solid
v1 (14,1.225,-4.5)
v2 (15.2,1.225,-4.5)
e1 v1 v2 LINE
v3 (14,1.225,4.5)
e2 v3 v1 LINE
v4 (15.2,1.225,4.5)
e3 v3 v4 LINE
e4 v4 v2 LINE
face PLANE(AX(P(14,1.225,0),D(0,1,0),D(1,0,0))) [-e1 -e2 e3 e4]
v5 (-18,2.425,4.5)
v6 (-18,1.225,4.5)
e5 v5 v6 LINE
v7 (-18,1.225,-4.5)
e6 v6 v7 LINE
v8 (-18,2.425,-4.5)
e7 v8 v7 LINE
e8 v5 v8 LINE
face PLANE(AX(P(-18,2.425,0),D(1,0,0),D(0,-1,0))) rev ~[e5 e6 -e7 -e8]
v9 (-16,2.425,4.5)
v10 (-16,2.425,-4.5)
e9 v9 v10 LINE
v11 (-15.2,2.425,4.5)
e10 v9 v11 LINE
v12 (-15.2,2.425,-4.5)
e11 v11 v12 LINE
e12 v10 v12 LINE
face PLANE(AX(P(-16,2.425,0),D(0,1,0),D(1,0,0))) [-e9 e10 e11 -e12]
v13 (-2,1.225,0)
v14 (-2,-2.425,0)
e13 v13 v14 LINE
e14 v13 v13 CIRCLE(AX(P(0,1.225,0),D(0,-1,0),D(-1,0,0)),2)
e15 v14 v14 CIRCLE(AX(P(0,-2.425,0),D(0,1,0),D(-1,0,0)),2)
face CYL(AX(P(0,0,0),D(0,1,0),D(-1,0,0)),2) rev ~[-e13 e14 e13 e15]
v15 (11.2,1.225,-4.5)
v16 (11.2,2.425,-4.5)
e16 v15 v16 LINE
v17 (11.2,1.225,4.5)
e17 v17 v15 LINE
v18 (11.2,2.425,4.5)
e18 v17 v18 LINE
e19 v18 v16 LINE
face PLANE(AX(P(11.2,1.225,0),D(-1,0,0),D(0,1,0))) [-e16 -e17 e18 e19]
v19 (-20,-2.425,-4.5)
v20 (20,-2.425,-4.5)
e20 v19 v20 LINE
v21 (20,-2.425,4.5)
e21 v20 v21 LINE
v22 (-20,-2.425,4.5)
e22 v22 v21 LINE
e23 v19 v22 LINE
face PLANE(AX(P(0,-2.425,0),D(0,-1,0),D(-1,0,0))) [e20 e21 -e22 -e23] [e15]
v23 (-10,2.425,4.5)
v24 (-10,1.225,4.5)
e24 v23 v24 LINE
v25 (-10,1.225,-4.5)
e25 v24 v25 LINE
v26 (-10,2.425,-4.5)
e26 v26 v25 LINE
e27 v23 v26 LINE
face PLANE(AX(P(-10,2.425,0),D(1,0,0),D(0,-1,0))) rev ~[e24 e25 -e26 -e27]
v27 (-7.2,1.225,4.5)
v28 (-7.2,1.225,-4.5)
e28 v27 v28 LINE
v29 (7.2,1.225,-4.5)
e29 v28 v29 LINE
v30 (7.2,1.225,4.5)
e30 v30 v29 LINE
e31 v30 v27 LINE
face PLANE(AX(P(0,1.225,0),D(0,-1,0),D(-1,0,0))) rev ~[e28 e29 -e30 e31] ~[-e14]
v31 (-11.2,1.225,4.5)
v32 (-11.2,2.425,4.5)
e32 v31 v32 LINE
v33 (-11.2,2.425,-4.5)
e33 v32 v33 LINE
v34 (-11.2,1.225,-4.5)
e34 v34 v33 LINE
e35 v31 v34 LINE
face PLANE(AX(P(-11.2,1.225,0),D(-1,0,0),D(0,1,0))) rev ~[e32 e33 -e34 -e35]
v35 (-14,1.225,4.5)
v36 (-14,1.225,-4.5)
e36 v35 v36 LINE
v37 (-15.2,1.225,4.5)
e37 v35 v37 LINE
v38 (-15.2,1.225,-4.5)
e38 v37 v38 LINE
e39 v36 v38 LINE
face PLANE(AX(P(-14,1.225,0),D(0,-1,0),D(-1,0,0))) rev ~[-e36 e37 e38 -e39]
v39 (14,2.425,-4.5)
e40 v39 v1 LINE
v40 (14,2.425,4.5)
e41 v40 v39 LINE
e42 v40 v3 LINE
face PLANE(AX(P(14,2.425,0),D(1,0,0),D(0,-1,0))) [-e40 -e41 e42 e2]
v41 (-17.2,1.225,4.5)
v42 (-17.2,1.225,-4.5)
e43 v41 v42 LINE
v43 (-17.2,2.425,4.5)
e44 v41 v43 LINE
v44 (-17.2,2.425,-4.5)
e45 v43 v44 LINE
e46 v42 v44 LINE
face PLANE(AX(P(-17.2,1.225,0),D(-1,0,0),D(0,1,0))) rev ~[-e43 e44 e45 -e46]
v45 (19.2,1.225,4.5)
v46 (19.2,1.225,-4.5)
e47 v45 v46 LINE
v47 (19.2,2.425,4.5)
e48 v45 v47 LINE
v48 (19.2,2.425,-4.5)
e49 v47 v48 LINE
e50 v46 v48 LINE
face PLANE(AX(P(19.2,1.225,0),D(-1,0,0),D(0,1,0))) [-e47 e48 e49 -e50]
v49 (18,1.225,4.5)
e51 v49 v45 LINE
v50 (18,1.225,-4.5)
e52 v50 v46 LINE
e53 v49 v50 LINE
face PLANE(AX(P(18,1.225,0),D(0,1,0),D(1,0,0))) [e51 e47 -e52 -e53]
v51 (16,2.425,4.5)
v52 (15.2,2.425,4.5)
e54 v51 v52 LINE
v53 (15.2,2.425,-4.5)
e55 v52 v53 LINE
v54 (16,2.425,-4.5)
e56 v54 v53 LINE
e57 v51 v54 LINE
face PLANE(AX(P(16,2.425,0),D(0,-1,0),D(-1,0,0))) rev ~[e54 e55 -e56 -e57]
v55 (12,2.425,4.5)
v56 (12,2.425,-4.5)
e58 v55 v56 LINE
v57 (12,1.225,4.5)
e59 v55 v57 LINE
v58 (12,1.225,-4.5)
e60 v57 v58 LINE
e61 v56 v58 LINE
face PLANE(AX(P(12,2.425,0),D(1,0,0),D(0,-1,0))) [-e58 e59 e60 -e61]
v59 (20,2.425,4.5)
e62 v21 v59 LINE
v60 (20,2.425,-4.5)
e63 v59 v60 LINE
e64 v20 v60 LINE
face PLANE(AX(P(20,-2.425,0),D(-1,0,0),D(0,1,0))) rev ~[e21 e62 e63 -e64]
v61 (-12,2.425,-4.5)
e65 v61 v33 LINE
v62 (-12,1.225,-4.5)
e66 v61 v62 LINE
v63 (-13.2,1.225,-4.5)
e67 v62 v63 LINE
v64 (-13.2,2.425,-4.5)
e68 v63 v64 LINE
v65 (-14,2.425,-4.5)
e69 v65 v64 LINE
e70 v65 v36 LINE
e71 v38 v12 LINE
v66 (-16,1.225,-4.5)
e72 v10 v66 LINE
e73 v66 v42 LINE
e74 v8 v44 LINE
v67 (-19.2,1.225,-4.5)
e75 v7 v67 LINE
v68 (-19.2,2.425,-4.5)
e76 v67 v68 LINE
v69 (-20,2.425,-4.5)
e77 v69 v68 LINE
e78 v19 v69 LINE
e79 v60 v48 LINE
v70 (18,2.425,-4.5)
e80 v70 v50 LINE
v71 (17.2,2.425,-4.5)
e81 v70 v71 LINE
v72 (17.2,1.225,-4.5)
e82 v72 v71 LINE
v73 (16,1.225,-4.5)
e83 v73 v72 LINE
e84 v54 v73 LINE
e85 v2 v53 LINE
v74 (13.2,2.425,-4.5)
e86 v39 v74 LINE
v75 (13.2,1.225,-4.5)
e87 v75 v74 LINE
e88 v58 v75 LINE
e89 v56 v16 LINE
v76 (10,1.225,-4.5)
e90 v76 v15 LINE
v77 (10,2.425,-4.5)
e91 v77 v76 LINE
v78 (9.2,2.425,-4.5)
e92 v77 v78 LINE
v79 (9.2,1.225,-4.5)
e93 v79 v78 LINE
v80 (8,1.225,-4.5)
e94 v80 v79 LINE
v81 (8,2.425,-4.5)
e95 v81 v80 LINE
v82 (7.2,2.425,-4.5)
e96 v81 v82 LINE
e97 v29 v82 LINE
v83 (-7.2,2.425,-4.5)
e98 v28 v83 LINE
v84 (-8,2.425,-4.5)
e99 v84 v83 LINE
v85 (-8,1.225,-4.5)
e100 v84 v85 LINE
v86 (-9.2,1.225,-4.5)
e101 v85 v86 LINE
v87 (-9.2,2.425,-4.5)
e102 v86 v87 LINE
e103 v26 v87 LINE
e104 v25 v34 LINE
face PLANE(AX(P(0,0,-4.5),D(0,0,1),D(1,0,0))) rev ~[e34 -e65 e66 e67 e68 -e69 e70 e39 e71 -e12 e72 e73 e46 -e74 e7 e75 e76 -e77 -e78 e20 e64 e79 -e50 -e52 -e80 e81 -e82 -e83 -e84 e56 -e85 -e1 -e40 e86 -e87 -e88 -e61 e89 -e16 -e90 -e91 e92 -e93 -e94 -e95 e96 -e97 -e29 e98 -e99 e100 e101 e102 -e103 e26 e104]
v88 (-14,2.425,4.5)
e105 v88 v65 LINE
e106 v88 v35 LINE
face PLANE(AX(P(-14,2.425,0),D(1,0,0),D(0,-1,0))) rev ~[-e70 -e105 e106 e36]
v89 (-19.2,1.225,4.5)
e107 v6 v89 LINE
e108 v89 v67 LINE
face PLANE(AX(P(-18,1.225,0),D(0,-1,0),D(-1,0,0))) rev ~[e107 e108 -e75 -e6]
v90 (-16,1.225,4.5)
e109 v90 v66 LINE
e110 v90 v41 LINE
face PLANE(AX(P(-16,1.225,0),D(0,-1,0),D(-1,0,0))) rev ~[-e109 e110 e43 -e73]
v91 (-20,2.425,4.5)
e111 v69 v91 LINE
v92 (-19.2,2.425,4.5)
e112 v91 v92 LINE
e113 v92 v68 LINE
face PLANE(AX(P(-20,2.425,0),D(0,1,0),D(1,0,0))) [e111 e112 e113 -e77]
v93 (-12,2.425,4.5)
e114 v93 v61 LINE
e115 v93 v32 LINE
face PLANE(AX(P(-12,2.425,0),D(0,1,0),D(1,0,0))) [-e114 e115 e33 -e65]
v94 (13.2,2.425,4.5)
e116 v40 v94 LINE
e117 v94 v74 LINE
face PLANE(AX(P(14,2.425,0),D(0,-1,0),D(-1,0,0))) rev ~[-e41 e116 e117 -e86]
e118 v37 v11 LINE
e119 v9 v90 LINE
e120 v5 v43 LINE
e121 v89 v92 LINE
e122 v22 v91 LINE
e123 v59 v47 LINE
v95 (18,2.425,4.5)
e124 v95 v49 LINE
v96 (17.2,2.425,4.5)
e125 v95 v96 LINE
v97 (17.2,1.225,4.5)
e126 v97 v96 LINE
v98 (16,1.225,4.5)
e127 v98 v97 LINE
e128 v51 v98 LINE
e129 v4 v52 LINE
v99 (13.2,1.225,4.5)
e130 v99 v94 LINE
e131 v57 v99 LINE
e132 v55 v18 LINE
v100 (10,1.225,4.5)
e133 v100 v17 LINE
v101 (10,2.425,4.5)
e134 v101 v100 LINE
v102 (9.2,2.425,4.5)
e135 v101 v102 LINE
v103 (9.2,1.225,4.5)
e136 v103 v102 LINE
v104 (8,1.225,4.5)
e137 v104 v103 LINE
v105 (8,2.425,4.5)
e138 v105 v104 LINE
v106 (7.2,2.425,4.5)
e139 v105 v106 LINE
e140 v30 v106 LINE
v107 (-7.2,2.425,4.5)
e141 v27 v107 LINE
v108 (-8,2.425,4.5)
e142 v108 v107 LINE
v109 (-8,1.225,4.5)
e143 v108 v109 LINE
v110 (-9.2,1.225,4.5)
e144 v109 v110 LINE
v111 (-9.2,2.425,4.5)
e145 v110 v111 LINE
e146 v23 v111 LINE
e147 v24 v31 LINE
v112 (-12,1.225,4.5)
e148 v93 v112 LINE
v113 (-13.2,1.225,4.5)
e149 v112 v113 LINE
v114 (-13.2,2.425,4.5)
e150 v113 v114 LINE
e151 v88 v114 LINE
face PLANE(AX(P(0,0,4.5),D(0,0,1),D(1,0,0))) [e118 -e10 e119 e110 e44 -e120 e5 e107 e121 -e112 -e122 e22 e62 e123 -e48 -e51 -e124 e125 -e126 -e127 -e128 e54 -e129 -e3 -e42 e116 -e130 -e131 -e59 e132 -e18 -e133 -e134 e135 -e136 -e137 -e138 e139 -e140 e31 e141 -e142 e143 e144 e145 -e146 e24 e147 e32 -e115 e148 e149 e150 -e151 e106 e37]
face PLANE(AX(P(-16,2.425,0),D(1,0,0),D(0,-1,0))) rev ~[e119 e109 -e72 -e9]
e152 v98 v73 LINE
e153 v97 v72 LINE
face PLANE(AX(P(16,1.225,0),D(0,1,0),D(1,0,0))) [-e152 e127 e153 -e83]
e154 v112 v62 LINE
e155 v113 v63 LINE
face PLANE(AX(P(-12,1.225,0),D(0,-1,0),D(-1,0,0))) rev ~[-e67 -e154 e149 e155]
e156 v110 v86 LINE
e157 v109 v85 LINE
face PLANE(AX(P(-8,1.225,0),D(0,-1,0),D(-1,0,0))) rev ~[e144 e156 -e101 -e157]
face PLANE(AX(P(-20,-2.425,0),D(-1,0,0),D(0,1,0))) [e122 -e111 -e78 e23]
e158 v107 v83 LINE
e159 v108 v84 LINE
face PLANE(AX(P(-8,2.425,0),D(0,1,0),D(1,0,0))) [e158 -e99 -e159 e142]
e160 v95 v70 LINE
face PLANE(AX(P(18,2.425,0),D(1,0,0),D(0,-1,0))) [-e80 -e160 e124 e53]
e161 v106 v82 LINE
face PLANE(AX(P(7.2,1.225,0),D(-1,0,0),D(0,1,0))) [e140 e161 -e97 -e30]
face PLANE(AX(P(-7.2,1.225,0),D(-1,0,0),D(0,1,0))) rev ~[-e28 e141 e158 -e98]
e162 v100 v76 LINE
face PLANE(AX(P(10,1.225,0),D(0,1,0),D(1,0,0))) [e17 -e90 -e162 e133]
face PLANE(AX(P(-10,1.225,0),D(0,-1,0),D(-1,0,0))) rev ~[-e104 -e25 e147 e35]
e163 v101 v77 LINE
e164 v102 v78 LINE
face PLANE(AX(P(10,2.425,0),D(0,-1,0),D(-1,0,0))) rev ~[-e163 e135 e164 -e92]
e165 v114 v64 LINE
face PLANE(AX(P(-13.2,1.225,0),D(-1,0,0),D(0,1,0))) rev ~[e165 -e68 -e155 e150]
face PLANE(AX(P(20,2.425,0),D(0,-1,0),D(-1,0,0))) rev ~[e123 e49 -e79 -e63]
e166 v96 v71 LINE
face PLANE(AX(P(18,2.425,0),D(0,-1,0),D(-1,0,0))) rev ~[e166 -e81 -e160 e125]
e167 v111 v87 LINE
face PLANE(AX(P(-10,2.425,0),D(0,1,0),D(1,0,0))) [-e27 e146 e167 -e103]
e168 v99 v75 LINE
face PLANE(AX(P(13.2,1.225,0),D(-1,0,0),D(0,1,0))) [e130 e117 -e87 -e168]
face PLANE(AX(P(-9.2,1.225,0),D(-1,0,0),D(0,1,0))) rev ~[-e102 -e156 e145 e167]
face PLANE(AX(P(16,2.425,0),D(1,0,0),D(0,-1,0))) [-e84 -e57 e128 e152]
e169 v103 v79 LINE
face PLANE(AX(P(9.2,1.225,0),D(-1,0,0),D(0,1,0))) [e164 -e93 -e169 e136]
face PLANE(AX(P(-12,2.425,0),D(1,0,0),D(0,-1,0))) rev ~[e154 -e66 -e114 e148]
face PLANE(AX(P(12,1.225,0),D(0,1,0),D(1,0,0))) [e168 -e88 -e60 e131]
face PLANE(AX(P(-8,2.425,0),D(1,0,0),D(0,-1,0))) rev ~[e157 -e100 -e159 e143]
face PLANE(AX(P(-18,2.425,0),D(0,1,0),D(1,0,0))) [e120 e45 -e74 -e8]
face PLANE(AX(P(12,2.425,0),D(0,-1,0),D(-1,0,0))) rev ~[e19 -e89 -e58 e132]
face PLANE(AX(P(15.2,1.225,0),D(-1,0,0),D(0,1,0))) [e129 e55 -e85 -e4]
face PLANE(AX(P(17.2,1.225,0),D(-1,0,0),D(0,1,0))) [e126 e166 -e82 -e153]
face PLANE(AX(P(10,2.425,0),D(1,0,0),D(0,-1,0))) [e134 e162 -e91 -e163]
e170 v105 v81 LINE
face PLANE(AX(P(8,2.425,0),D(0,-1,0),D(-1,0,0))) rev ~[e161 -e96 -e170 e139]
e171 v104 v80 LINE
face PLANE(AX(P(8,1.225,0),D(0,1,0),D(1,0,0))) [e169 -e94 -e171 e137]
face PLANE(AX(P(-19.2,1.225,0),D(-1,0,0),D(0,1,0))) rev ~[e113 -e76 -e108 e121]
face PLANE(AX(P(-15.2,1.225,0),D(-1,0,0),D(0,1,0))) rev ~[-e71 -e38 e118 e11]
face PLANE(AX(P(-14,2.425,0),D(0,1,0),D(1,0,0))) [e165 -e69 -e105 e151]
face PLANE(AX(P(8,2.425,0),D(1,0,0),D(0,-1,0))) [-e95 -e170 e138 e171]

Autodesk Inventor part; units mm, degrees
ref_plane "YZ Plane" through (0, 0, 0) normal (1, 0, 0) x (0, 1, 0)
ref_plane "XZ Plane" through (0, 0, 0) normal (0, 1, 0) x (-1, 0, 0)
ref_plane "XY Plane" through (0, 0, 0) normal (0, 0, 1) x (1, 0, 0)
sketch "Sketch1" plane through (0, 0, 0) normal (0, 0, 1) x (1, 0, 0)
  line L0 (-20, 2.425) -> (-19.2, 2.425)
  line L1 (0, -2.425) -> (-20, -2.425)
  line L2 (-20, -2.425) -> (-20, 2.425)
  line L3 (-18, 2.425) -> (-18, 1.225)
  line L4 (-18, 1.225) -> (-19.2, 1.225)
  line L5 (-19.2, 1.225) -> (-19.2, 2.425)
  line L6 (-16, 2.425) -> (-16, 1.225)
  line L7 (-16, 1.225) -> (-17.2, 1.225)
  line L8 (-17.2, 1.225) -> (-17.2, 2.425)
  line L9 (-14, 2.425) -> (-14, 1.225)
  line L10 (-14, 1.225) -> (-15.2, 1.225)
  line L11 (-15.2, 1.225) -> (-15.2, 2.425)
  line L12 (-12, 2.425) -> (-12, 1.225)
  line L13 (-12, 1.225) -> (-13.2, 1.225)
  line L14 (-13.2, 1.225) -> (-13.2, 2.425)
  line L15 (-10, 2.425) -> (-10, 1.225)
  line L16 (-10, 1.225) -> (-11.2, 1.225)
  line L17 (-11.2, 1.225) -> (-11.2, 2.425)
  line L18 (-20, 1.225) -> (0, 1.225) construction
  line L19 (0, 0) -> (-20, 0) construction
  line L20 (-8, 2.425) -> (-8, 1.225)
  line L21 (-8, 1.225) -> (-9.2, 1.225)
  line L22 (-9.2, 1.225) -> (-9.2, 2.425)
  line L23 (0, 1.225) -> (-7.2, 1.225)
  line L24 (-7.2, 1.225) -> (-7.2, 2.425)
  line L25 (-18, 2.425) -> (-17.2, 2.425)
  line L26 (-16, 2.425) -> (-15.2, 2.425)
  line L27 (-14, 2.425) -> (-13.2, 2.425)
  line L28 (-12, 2.425) -> (-11.2, 2.425)
  line L29 (-10, 2.425) -> (-9.2, 2.425)
  line L30 (-8, 2.425) -> (-7.2, 2.425)
  line L31 (0, 1.225) -> (0, -2.425) construction
  line L32 (20, 2.425) -> (19.2, 2.425)
  line L33 (0, -2.425) -> (20, -2.425)
  line L34 (20, -2.425) -> (20, 2.425)
  line L35 (18, 2.425) -> (18, 1.225)
  line L36 (18, 1.225) -> (19.2, 1.225)
  line L37 (19.2, 1.225) -> (19.2, 2.425)
  line L38 (16, 2.425) -> (16, 1.225)
  line L39 (16, 1.225) -> (17.2, 1.225)
  line L40 (17.2, 1.225) -> (17.2, 2.425)
  line L41 (14, 2.425) -> (14, 1.225)
  line L42 (14, 1.225) -> (15.2, 1.225)
  line L43 (15.2, 1.225) -> (15.2, 2.425)
  line L44 (12, 2.425) -> (12, 1.225)
  line L45 (12, 1.225) -> (13.2, 1.225)
  line L46 (13.2, 1.225) -> (13.2, 2.425)
  line L47 (10, 2.425) -> (10, 1.225)
  line L48 (10, 1.225) -> (11.2, 1.225)
  line L49 (11.2, 1.225) -> (11.2, 2.425)
  line L50 (20, 1.225) -> (0, 1.225) construction
  line L51 (0, 0) -> (20, 0) construction
  line L52 (8, 2.425) -> (8, 1.225)
  line L53 (8, 1.225) -> (9.2, 1.225)
  line L54 (9.2, 1.225) -> (9.2, 2.425)
  line L55 (0, 1.225) -> (7.2, 1.225)
  line L56 (7.2, 1.225) -> (7.2, 2.425)
  line L57 (18, 2.425) -> (17.2, 2.425)
  line L58 (16, 2.425) -> (15.2, 2.425)
  line L59 (14, 2.425) -> (13.2, 2.425)
  line L60 (12, 2.425) -> (11.2, 2.425)
  line L61 (10, 2.425) -> (9.2, 2.425)
  line L62 (8, 2.425) -> (7.2, 2.425)
  dimension "d0" = 4.85
  dimension "d3" = 1.2
  dimension "d4" = 0.8
  dimension "d5" = 1.2
  dimension "d6" = 0.8
  dimension "d7" = 1.2
  dimension "d8" = 0.8
  dimension "d9" = 1.2
  dimension "d10" = 0.8
  dimension "d13" = 0.8
  dimension "d14" = 1.2
  dimension "d15" = 0.8
  dimension "d16" = 1.2
  dimension "d17" = 0.8
  dimension "d18" = 40
  dimension "d19" = 3.65
extrude "Extrusion1" add sketch "Sketch1" along normal mid plane 9
sketch "Sketch2" plane through (0, 0, 0) normal (0, 1, 0) x (-1, 0, 0)
  circle A0 centre (0, 0) radius 2.2937
  circle A1 centre (0, 0) radius 2
  dimension "d22" = 4
extrude "Extrusion2" cut sketch "Sketch2" along normal through all both and the other way through all contours A1
equation "\"d5\" = d3"
equation "\"d7\" = d3"
equation "\"d8\" = d4"
equation "\"d9\" = d3"
equation "\"d10\" = d4"
equation "\"d13\" = d4"
equation "\"d14\" = d3"
equation "\"d15\" = d4"
equation "\"d16\" = d3"
equation "\"d17\" = d4"
properties part number "fixador-correia" material "Steel, Cast"
